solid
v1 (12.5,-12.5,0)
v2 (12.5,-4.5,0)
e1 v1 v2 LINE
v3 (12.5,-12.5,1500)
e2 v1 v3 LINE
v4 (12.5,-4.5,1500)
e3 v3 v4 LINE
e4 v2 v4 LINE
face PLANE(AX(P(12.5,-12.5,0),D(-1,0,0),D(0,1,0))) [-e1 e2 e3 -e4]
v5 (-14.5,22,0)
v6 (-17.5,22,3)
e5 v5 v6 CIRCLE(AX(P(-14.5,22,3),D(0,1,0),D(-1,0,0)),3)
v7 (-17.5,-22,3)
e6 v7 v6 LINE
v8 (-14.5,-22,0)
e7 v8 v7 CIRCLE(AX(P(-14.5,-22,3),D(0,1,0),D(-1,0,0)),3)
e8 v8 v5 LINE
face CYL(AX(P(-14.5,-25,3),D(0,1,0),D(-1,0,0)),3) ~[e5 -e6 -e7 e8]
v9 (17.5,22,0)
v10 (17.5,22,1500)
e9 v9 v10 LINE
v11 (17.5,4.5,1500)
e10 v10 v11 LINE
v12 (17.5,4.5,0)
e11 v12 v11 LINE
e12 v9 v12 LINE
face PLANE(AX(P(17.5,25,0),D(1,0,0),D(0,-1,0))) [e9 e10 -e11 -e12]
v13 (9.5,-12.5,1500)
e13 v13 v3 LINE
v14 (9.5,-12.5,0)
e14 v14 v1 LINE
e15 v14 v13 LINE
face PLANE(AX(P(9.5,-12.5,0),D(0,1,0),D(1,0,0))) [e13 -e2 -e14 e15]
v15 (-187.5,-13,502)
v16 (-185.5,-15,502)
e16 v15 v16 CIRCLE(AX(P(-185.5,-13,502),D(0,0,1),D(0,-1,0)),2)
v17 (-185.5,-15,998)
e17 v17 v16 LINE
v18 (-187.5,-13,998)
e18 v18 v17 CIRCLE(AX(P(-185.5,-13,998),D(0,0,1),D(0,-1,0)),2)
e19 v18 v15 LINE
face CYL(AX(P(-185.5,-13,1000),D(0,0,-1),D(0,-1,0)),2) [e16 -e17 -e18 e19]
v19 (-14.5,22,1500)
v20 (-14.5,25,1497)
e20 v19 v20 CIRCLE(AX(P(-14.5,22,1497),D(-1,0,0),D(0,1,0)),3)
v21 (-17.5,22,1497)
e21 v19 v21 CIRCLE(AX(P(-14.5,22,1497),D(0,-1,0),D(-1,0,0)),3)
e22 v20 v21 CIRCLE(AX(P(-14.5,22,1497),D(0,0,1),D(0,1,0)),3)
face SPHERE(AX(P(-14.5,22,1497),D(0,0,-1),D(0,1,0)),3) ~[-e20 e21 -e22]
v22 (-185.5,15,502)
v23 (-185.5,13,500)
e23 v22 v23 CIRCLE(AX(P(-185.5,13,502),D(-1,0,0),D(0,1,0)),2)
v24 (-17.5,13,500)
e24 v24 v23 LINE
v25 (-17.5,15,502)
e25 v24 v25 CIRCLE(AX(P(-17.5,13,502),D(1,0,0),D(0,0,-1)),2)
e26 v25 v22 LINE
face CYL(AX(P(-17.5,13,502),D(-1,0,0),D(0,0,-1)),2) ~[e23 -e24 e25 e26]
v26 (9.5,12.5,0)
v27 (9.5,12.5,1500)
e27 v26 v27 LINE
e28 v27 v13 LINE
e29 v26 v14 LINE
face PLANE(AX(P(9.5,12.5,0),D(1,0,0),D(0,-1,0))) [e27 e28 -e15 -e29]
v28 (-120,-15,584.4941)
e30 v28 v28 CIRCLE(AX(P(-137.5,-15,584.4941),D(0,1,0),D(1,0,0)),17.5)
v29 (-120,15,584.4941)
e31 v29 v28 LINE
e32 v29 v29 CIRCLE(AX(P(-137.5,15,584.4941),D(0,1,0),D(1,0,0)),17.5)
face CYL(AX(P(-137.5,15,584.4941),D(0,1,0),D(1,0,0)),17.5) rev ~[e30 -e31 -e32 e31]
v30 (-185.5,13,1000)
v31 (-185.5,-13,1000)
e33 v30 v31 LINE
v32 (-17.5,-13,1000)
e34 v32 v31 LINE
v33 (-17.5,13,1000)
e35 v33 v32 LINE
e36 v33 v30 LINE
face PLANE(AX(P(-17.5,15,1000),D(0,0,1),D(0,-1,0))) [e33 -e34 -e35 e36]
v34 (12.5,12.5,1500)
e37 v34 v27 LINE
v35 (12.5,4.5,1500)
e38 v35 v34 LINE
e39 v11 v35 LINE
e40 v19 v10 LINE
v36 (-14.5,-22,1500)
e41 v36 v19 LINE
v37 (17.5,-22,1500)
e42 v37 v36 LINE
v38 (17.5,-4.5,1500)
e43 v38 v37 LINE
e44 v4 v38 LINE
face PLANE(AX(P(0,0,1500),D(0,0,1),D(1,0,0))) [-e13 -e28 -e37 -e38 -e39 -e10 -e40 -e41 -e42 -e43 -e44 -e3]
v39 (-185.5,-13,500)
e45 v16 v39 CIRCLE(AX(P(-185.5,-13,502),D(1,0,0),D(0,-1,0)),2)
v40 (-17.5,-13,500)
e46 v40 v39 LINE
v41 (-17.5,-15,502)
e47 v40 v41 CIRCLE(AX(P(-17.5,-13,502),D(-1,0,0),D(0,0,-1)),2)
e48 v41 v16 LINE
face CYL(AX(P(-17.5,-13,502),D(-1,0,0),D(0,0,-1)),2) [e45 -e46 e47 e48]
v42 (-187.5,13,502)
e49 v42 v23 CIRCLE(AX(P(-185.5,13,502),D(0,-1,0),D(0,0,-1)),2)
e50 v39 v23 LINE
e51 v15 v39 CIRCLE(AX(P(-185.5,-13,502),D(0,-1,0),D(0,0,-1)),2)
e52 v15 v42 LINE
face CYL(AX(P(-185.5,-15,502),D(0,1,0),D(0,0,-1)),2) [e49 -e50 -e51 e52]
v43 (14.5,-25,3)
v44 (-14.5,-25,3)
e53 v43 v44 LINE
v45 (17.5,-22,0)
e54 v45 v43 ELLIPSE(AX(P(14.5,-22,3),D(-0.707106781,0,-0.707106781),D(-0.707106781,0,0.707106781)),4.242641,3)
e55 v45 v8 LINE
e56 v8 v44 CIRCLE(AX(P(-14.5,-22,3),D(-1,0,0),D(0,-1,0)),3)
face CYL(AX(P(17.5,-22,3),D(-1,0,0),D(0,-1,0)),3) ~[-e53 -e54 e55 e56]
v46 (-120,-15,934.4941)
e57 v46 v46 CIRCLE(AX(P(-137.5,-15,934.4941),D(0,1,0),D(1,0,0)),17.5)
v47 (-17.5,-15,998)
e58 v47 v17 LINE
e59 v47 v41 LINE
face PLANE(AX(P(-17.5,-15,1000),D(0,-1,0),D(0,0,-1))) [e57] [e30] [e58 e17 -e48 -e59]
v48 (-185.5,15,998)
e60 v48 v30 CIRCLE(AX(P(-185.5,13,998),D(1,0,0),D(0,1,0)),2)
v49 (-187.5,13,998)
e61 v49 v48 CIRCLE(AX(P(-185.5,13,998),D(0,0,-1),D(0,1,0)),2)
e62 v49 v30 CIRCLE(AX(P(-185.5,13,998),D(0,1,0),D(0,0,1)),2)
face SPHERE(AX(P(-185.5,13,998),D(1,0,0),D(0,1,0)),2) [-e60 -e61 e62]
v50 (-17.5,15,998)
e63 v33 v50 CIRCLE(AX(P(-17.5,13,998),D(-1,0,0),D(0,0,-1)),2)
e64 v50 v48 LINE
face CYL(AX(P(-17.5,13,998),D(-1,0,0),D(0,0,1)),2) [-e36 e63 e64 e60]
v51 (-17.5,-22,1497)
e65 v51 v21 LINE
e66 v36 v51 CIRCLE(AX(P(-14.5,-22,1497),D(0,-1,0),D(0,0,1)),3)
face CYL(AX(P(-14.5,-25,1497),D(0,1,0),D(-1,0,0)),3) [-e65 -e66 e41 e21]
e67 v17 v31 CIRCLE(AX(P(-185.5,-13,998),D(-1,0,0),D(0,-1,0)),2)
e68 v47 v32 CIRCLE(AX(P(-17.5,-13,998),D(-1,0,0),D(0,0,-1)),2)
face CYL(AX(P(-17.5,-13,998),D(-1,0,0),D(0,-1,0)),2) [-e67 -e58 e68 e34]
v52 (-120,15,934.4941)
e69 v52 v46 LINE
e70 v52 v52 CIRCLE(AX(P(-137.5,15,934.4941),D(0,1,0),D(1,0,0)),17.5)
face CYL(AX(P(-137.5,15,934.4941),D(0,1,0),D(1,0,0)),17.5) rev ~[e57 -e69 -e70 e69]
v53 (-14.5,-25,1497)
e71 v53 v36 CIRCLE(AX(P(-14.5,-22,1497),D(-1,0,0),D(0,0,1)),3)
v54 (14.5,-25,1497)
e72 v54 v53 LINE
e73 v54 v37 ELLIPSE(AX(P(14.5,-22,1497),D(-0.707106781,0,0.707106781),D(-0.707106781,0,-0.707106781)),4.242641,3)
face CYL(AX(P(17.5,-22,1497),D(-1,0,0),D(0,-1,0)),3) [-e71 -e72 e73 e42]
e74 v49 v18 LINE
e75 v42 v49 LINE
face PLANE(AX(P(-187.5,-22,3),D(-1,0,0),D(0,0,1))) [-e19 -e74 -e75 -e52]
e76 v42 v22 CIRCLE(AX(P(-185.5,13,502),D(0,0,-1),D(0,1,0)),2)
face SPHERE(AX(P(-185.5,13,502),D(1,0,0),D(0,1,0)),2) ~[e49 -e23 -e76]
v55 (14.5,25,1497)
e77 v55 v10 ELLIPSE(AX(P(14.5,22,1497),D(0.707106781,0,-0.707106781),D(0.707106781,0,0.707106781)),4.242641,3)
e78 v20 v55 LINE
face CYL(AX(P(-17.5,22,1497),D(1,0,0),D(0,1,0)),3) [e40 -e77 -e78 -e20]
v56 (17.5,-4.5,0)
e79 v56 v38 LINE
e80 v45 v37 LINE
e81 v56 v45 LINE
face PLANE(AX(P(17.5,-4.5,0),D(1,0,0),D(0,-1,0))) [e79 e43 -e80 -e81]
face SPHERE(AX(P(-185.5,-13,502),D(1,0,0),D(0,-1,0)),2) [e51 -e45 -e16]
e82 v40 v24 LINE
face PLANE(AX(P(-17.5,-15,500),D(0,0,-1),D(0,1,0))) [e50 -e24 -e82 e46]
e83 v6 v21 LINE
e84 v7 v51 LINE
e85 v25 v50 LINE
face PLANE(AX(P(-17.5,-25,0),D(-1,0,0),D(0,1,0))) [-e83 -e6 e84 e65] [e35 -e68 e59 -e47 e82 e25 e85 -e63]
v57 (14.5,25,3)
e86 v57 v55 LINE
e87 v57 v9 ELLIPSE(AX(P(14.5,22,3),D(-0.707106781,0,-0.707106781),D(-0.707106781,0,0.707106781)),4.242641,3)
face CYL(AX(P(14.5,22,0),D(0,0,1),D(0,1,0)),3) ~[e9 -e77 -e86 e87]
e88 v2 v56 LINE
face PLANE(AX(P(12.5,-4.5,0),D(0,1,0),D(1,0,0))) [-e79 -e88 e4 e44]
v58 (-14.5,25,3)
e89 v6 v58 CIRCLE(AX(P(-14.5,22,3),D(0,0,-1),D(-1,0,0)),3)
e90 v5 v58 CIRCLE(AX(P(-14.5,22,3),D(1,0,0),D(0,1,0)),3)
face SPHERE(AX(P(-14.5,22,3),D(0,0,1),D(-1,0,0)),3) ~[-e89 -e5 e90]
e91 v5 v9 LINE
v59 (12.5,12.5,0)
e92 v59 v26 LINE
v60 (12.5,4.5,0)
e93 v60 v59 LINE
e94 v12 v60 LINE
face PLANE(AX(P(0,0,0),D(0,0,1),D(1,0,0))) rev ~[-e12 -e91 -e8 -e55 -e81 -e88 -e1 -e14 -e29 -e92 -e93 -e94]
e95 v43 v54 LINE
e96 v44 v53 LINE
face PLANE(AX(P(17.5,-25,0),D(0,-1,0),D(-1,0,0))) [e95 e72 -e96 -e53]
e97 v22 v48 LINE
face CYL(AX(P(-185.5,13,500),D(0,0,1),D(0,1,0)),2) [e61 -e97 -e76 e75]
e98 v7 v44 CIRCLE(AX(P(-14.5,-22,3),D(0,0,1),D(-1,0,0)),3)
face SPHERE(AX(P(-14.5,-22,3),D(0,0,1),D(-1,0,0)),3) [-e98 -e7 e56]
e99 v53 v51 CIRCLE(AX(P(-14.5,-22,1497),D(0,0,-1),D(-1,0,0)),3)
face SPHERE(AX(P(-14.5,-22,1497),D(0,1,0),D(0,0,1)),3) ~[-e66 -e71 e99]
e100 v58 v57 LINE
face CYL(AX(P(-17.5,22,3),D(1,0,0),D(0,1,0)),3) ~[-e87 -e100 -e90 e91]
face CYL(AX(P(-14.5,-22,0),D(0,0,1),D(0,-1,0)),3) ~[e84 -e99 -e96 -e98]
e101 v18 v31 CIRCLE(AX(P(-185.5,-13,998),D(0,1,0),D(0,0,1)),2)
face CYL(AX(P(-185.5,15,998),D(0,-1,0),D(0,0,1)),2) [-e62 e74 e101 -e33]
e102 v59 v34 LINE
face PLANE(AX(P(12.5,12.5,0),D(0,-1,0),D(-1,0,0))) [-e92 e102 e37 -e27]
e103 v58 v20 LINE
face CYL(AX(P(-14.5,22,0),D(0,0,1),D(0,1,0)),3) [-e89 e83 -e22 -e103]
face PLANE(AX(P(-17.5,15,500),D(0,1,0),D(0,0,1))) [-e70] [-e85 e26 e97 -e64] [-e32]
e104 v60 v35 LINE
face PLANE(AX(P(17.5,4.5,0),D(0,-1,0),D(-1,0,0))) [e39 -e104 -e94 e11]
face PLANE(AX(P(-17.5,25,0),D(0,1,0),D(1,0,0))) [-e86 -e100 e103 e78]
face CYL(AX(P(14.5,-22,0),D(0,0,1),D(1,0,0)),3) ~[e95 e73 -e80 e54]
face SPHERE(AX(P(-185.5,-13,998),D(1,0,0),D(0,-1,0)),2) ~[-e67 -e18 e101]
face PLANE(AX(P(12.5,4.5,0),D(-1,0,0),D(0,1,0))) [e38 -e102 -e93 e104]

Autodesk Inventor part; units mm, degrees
ref_plane "YZ Plane" through (0, 0, 0) normal (1, 0, 0) x (0, 1, 0)
ref_plane "XZ Plane" through (0, 0, 0) normal (0, 1, 0) x (-1, 0, 0)
ref_plane "XY Plane" through (0, 0, 0) normal (0, 0, 1) x (1, 0, 0)
sketch "Sketch1" plane through (0, 0, 0) normal (0, 0, 1) x (1, 0, 0)
  line L0 (-17.5, 25) -> (17.5, 25)
  line L1 (17.5, 25) -> (17.5, -25)
  line L2 (17.5, -25) -> (-17.5, -25)
  line L3 (-17.5, -25) -> (-17.5, 25)
  line L4 (17.5, 4.5) -> (12.5, 4.5)
  line L5 (12.5, 4.5) -> (12.5, -4.5)
  line L6 (12.5, -4.5) -> (17.5, -4.5)
  line L7 (17.5, -4.5) -> (17.5, 4.5)
  line L8 (12.5, 12.5) -> (9.5, 12.5)
  line L9 (9.5, 12.5) -> (9.5, -12.5)
  line L10 (9.5, -12.5) -> (12.5, -12.5)
  line L11 (12.5, -12.5) -> (12.5, 12.5)
  point P0 (0, 0)
  point P1 (0, 25)
  point P2 (-17.5, 0)
  point P3 (12.5, 0)
  point P4 (9.5, 0)
  dimension "d0" = 35
  dimension "d1" = 50
  dimension "d7" = 5
  dimension "d8" = 9
  dimension "d9" = 3
  dimension "d10" = 25
extrude "Extrusion1" add sketch "Sketch1" along normal blind 1500 contours L0 L1 L4 L11 L8 L9 L10 L6 L2 L3
fillet "Fillet2" radius 3 10 edges at (17.5, 25, 750) (-17.5, 25, 750) (0, 25, 1500) (-17.5, 0, 1500) (0, -25, 1500) (-17.5, -25, 750) (17.5, -25, 750) (-17.5, 0, 0) (0, 25, 0) (0, -25, 0)
sketch "Sketch3" plane through (-17.5, -22, 3) normal (-1, 0, 0) x (0, 0, 1)
  line L0 (497, 37) -> (997, 37)
  line L1 (997, 37) -> (997, 7)
  line L2 (997, 7) -> (497, 7)
  line L3 (497, 7) -> (497, 37)
  point P0 (-3, 22)
  point P1 (497, 22)
  point P2 (747, 37)
  dimension "d12" = 500
  dimension "d13" = 30
  dimension "d14" = 750
extrude "Extrusion2" add sketch "Sketch3" along normal blind 170
fillet "Fillet3" radius 2 8 edges at (-102.5, -15, 500) (-102.5, 15, 500) (-102.5, 15, 1000) (-102.5, -15, 1000) (-187.5, 15, 750) (-187.5, -15, 750) (-187.5, 0, 500) (-187.5, 0, 1000)
sketch "Sketch4" plane through (-17.5, 15, 998) normal (0, 1, 0) x (1, 0, 0)
  circle A0 centre (-120, 63.5059) radius 17.5
  circle A1 centre (-120, 413.5059) radius 17.5
  line L0 (0, 0) -> (-168, 0) projected
  line L1 (0, 496) -> (0, 0) projected
  point P0 (17.5, 998)
  point P1 (-84, 0)
  point P2 (-84, 0)
  dimension "d18" = 35
  dimension "d19" = 35
  dimension "d20" = 350
  dimension "d21" = 73
  dimension "d24" = 120
extrude "Extrusion3" cut sketch "Sketch4" against normal blind 150
properties part number "Soporte Boquillas"
